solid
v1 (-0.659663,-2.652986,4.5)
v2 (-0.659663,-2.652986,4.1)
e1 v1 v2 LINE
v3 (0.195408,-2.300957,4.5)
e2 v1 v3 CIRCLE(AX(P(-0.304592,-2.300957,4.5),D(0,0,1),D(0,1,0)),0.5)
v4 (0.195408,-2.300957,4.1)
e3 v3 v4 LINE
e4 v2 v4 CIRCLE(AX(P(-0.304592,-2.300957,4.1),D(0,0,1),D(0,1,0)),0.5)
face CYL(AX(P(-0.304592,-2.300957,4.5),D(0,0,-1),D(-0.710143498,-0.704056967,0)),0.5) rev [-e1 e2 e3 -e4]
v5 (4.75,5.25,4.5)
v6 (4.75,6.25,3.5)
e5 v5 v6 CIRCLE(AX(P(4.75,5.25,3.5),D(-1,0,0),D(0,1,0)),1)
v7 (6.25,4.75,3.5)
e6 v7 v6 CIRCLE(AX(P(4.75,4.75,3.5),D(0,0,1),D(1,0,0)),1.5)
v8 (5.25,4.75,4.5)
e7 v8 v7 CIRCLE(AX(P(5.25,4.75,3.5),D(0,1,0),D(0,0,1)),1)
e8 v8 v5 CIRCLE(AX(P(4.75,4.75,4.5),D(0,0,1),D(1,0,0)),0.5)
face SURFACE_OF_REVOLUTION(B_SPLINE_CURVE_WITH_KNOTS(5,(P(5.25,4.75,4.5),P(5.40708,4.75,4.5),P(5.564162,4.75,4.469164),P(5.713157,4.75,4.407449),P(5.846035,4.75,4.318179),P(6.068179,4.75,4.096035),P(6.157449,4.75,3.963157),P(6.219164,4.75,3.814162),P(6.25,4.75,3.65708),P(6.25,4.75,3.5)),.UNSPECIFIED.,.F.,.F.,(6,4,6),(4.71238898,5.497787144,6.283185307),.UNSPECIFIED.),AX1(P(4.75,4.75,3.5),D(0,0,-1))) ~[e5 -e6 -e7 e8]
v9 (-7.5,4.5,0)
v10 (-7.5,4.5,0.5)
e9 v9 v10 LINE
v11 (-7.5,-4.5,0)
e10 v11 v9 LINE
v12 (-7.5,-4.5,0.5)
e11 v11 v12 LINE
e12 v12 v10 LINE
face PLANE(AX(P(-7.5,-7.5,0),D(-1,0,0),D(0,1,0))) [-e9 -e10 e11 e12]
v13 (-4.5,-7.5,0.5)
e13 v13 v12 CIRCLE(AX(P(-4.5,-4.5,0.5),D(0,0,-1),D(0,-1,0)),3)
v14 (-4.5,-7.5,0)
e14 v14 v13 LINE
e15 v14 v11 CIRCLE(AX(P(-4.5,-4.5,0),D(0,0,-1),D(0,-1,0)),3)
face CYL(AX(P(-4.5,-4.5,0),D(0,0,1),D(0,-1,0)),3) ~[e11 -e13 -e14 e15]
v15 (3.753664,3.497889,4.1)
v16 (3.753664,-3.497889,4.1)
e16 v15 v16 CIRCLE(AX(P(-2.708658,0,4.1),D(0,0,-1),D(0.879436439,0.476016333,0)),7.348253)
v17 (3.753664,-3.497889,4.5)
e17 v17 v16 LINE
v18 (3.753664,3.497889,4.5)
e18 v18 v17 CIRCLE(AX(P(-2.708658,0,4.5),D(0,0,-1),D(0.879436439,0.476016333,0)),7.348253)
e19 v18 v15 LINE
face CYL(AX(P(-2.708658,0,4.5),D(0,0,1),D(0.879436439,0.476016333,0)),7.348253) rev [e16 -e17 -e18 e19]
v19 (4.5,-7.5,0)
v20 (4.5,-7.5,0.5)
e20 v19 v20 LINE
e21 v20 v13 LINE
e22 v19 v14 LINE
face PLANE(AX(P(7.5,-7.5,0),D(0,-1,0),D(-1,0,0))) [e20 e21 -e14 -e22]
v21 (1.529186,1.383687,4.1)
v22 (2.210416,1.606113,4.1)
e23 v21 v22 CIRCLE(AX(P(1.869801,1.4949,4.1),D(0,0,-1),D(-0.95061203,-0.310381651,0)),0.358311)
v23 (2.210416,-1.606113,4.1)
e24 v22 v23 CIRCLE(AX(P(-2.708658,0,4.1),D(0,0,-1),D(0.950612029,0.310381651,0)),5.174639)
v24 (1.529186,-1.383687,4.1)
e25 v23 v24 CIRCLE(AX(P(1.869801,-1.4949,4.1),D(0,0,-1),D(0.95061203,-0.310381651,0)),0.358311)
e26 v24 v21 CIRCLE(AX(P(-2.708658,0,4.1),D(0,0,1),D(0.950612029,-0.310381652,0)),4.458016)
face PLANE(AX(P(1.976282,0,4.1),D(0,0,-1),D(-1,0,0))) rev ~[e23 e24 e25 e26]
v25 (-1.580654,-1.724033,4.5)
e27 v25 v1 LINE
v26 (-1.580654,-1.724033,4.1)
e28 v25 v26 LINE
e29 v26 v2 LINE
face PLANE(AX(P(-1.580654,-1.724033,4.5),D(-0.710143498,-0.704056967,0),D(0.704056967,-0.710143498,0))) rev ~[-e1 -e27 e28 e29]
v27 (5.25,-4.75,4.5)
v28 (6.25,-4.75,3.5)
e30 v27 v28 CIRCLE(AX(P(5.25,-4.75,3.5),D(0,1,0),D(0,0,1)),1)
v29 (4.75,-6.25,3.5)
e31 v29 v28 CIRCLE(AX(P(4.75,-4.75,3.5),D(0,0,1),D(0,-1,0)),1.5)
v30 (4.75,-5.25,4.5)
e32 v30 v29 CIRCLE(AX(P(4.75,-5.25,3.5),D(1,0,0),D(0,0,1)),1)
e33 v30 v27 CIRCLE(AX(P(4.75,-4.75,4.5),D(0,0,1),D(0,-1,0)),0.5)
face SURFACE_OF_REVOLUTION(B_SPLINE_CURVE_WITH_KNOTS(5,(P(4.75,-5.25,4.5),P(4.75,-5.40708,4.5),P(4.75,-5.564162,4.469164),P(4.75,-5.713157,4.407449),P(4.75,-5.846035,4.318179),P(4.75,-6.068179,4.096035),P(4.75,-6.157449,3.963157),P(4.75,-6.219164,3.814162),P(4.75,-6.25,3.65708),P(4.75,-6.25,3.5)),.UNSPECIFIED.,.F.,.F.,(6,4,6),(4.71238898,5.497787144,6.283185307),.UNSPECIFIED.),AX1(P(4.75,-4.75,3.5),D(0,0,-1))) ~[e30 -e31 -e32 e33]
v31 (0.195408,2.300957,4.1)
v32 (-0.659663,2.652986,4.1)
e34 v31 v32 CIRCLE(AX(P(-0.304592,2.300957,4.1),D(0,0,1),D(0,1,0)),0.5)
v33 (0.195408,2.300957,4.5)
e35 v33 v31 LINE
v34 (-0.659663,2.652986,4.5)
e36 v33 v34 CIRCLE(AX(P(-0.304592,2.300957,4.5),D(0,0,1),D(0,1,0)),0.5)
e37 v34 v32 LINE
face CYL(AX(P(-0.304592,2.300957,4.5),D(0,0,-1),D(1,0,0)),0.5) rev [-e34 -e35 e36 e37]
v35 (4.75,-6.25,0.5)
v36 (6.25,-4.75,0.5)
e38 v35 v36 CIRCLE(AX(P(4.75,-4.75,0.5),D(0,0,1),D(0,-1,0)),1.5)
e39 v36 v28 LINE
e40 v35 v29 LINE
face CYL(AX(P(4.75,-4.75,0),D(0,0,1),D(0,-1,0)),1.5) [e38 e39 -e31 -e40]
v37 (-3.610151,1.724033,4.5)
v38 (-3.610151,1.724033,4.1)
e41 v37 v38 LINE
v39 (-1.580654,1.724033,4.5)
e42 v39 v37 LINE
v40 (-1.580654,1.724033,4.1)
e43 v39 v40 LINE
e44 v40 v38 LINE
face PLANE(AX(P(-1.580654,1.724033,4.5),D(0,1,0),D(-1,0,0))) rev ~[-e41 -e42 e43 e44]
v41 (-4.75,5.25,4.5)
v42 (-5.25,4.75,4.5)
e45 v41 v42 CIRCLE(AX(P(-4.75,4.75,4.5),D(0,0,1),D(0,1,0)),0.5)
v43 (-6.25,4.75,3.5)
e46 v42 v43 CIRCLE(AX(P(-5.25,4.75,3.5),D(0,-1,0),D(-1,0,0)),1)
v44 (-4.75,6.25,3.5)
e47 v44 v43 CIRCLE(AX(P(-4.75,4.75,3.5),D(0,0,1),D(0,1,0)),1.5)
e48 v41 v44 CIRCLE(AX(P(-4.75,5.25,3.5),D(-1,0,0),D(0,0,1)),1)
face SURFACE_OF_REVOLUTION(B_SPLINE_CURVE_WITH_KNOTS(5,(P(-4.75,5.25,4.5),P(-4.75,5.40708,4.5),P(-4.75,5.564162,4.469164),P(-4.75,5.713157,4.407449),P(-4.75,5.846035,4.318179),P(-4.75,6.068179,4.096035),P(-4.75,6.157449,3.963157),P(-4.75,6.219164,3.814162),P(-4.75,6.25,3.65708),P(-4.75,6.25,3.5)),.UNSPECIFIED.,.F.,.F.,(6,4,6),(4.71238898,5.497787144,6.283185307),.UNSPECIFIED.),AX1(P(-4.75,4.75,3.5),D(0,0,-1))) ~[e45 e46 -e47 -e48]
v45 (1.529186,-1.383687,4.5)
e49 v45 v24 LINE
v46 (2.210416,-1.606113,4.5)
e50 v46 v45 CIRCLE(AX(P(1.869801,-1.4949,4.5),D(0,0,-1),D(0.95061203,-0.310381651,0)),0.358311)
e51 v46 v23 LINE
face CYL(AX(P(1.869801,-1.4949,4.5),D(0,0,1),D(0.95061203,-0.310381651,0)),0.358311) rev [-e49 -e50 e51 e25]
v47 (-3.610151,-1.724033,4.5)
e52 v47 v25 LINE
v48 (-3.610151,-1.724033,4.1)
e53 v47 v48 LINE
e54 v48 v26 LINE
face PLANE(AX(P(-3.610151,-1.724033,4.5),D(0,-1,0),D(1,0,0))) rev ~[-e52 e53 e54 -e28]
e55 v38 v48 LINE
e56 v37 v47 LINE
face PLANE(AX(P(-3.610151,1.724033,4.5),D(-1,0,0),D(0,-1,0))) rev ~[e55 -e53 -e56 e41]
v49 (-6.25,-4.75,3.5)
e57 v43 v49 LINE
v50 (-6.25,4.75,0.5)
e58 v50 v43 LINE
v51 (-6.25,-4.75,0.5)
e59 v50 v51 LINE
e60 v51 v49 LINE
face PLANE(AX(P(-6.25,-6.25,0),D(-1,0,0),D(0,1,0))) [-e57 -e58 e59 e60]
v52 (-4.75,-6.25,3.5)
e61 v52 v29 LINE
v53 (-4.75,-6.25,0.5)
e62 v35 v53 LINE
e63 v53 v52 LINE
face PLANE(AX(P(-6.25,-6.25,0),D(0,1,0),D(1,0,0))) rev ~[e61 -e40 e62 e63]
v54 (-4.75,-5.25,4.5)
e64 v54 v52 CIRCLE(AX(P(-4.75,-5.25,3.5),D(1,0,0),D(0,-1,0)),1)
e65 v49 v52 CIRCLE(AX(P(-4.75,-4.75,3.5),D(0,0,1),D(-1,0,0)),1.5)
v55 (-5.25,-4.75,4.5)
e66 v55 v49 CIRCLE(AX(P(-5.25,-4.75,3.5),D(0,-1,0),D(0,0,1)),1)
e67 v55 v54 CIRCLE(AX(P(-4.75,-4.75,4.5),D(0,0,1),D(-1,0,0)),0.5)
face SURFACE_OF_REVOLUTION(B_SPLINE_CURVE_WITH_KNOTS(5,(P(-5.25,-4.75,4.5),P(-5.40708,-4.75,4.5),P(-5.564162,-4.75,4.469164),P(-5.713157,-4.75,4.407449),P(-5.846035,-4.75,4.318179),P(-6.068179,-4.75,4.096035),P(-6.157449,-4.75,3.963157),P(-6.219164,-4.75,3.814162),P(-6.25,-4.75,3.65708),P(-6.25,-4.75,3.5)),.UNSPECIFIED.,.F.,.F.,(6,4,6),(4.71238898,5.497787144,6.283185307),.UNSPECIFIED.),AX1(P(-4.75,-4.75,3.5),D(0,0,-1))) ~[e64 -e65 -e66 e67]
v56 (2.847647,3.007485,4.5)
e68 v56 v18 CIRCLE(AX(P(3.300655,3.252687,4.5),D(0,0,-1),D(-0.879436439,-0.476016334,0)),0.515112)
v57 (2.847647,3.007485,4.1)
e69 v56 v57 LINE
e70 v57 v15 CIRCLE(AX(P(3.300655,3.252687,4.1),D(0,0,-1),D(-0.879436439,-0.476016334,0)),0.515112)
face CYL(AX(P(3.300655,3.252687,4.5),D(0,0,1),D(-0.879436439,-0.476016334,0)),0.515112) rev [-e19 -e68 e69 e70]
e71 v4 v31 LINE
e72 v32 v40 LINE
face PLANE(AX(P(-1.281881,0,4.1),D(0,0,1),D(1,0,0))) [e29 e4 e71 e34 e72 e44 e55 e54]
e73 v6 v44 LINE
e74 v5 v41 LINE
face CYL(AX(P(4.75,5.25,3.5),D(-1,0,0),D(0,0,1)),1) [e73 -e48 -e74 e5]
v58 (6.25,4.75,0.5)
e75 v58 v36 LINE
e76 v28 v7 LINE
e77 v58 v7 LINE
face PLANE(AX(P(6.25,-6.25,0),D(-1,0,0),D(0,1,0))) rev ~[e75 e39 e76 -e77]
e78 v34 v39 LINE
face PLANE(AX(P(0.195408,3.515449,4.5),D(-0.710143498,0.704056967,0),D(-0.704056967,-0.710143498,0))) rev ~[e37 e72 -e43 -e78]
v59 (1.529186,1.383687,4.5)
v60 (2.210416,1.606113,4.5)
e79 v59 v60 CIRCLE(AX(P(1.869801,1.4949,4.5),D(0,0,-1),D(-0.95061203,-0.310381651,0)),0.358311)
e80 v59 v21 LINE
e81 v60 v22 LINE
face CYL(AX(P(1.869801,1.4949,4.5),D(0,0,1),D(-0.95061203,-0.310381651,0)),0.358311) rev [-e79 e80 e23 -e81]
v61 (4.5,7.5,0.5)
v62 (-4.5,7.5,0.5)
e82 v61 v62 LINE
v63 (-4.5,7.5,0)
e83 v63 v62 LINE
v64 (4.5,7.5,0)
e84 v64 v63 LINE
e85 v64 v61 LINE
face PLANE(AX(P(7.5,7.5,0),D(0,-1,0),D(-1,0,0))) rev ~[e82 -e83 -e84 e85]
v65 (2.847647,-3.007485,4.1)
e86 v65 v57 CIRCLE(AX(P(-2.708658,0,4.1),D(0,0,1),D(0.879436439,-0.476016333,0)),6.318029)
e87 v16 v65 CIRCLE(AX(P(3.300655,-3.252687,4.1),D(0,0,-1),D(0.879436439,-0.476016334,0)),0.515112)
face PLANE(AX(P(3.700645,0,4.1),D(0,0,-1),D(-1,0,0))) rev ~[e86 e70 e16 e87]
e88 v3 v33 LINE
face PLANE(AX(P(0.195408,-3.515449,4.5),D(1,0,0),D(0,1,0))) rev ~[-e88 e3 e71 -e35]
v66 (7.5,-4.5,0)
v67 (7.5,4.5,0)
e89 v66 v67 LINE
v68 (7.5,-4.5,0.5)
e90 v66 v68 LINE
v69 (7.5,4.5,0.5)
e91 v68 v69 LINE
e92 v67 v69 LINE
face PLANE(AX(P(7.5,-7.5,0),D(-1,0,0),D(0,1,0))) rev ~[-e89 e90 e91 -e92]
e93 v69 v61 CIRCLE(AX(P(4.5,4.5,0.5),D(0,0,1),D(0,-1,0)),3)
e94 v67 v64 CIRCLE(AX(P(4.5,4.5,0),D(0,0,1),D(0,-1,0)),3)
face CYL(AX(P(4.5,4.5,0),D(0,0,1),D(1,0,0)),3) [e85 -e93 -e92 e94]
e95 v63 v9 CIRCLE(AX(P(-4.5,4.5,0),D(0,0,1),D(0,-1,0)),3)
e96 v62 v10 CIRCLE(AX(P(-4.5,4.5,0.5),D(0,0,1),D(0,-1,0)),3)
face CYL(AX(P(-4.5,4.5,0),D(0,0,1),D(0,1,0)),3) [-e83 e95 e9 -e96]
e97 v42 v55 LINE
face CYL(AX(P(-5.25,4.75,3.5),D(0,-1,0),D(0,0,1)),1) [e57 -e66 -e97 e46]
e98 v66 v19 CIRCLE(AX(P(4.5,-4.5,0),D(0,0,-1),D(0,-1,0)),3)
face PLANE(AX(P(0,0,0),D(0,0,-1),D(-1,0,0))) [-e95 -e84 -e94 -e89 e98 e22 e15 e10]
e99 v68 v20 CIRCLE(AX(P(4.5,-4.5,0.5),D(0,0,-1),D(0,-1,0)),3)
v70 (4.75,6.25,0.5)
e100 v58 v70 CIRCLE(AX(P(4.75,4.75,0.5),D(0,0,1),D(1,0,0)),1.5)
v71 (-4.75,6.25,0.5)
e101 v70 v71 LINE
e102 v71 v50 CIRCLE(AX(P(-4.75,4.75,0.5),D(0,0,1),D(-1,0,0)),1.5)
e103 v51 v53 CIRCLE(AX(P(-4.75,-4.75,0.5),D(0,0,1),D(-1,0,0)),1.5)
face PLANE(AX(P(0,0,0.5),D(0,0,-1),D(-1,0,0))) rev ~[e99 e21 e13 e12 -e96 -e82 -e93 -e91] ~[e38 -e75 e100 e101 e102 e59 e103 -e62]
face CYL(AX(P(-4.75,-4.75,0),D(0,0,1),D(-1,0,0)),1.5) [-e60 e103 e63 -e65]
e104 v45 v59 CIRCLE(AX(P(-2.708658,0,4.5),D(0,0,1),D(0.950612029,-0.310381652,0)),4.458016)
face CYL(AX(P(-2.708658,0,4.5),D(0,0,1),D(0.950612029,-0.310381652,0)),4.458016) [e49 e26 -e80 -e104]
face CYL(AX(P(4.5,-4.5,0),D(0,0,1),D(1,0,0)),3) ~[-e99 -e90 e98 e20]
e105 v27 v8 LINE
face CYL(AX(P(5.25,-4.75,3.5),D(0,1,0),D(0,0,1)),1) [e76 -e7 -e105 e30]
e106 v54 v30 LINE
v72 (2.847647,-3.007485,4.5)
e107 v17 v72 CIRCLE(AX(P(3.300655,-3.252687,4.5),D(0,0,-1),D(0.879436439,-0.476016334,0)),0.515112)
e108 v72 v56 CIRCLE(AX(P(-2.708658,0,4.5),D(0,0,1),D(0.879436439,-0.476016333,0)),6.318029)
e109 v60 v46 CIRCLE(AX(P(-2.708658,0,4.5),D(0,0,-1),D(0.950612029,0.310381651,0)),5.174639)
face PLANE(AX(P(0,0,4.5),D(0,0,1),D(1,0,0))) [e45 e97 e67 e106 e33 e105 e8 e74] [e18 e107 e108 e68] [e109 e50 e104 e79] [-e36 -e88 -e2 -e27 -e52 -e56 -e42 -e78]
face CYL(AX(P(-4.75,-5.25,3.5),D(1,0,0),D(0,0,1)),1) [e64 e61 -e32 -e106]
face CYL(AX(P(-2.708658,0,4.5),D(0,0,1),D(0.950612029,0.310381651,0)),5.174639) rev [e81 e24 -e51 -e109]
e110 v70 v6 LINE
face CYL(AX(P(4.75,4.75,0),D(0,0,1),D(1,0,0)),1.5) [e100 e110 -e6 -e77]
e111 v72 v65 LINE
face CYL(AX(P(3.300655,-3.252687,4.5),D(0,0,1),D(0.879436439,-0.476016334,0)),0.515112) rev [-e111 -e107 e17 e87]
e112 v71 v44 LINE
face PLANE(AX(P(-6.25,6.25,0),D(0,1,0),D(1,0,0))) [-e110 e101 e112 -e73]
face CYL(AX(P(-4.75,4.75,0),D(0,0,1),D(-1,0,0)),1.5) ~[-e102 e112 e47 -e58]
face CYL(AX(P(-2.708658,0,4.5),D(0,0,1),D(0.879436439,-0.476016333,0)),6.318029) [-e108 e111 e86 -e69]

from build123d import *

# Parameters (mm, degrees)
SKETCH_1_W          = 12.5
SKETCH_1_H          = 12.5
EXTRUDE_412_DEPTH   = 4.5
FILLET_1_R          = 1.5
FILLET_2_R          = 1
SKETCH_2_W          = 15
SKETCH_2_H          = 15
EXTRUDE_1329_DEPTH  = 0.5
FILLET_3_R          = 3
CUT_EXTRUDE_1_DEPTH = 0.4
FILLET_4_R          = 0.5


with BuildPart() as part:
    # Эскиз1 → Extrude 412 (new body)
    with BuildSketch(Plane.XY):
        Rectangle(SKETCH_1_W, SKETCH_1_H)
    extrude(amount=EXTRUDE_412_DEPTH)

    # Скругление1
    fillet_1_edges = [part.edges().sort_by_distance(p)[0] for p in [
        (-6.25, 6.25, 2.25),
        (6.25, 6.25, 2.25),
        (6.25, -6.25, 2.25),
        (-6.25, -6.25, 2.25),
    ]]
    fillet(fillet_1_edges, radius=FILLET_1_R)

    # Скругление2
    fillet_2_edges = [part.edges().sort_by_distance(p)[0] for p in [
        (6.25, 0, 4.5),
        (0, -6.25, 4.5),
        (-6.25, 0, 4.5),
        (0, 6.25, 4.5),
        (-5.810660172, -5.810660172, 4.5),
        (-5.810660172, 5.810660172, 4.5),
        (5.810660172, 5.810660172, 4.5),
        (5.810660172, -5.810660172, 4.5),
    ]]
    fillet(fillet_2_edges, radius=FILLET_2_R)

    # Эскиз2 → Extrude 1329 (add)
    with BuildSketch(Plane(origin=(0, 0, 0), x_dir=(-1, 0, 0), z_dir=(0, 0, -1))):
        Rectangle(SKETCH_2_W, SKETCH_2_H)
    extrude(amount=-EXTRUDE_1329_DEPTH)

    # Скругление3
    fillet_3_edges = [part.edges().sort_by_distance(p)[0] for p in [
        (7.5, -7.5, 0.25),
        (7.5, 7.5, 0.25),
        (-7.5, 7.5, 0.25),
        (-7.5, -7.5, 0.25),
    ]]
    fillet(fillet_3_edges, radius=FILLET_3_R)

    # Эскиз4 → Вырез-Вытянуть1 (cut)
    with BuildSketch(Plane.XY.offset(4.5)):
        Polygon((-3.61015121, 1.724032908), (-3.61015121, -1.724032908), (-1.580654119, -1.724032908), (0.195408328, -3.515449311), (0.195408328, 3.515449311), (-1.580654119, 1.724032908), align=None)
        with BuildLine():
            ThreePointArc((1.529185986, -1.383686517), (1.749358373, 0), (1.529185986, 1.383686517))
            ThreePointArc((1.529185986, 1.383686517), (1.758587632, 1.835514539), (2.210415654, 1.606112893))
            ThreePointArc((2.210415654, 1.606112893), (2.465980556, 0), (2.210415654, -1.606112893))
            ThreePointArc((2.210415654, -1.606112893), (1.758587632, -1.835514539), (1.529185986, -1.383686517))
        make_face()
        with BuildLine():
            ThreePointArc((2.847646844, -3.007485014), (3.609370922, 0), (2.847646844, 3.007485014))
            ThreePointArc((2.847646844, 3.007485014), (3.055453428, 3.70569516), (3.753663574, 3.497888576))
            ThreePointArc((3.753663574, 3.497888576), (4.639595154, 0), (3.753663574, -3.497888576))
            ThreePointArc((3.753663574, -3.497888576), (3.055453428, -3.70569516), (2.847646844, -3.007485014))
        make_face()
    extrude(amount=-CUT_EXTRUDE_1_DEPTH, mode=Mode.SUBTRACT)

    # Скругление4
    fillet_4_edges = [part.edges().sort_by_distance(p)[0] for p in [
        (0.195408328, 3.515449311, 4.3),
        (0.195408328, -3.515449311, 4.3),
    ]]
    fillet(fillet_4_edges, radius=FILLET_4_R)


solid = part.part
